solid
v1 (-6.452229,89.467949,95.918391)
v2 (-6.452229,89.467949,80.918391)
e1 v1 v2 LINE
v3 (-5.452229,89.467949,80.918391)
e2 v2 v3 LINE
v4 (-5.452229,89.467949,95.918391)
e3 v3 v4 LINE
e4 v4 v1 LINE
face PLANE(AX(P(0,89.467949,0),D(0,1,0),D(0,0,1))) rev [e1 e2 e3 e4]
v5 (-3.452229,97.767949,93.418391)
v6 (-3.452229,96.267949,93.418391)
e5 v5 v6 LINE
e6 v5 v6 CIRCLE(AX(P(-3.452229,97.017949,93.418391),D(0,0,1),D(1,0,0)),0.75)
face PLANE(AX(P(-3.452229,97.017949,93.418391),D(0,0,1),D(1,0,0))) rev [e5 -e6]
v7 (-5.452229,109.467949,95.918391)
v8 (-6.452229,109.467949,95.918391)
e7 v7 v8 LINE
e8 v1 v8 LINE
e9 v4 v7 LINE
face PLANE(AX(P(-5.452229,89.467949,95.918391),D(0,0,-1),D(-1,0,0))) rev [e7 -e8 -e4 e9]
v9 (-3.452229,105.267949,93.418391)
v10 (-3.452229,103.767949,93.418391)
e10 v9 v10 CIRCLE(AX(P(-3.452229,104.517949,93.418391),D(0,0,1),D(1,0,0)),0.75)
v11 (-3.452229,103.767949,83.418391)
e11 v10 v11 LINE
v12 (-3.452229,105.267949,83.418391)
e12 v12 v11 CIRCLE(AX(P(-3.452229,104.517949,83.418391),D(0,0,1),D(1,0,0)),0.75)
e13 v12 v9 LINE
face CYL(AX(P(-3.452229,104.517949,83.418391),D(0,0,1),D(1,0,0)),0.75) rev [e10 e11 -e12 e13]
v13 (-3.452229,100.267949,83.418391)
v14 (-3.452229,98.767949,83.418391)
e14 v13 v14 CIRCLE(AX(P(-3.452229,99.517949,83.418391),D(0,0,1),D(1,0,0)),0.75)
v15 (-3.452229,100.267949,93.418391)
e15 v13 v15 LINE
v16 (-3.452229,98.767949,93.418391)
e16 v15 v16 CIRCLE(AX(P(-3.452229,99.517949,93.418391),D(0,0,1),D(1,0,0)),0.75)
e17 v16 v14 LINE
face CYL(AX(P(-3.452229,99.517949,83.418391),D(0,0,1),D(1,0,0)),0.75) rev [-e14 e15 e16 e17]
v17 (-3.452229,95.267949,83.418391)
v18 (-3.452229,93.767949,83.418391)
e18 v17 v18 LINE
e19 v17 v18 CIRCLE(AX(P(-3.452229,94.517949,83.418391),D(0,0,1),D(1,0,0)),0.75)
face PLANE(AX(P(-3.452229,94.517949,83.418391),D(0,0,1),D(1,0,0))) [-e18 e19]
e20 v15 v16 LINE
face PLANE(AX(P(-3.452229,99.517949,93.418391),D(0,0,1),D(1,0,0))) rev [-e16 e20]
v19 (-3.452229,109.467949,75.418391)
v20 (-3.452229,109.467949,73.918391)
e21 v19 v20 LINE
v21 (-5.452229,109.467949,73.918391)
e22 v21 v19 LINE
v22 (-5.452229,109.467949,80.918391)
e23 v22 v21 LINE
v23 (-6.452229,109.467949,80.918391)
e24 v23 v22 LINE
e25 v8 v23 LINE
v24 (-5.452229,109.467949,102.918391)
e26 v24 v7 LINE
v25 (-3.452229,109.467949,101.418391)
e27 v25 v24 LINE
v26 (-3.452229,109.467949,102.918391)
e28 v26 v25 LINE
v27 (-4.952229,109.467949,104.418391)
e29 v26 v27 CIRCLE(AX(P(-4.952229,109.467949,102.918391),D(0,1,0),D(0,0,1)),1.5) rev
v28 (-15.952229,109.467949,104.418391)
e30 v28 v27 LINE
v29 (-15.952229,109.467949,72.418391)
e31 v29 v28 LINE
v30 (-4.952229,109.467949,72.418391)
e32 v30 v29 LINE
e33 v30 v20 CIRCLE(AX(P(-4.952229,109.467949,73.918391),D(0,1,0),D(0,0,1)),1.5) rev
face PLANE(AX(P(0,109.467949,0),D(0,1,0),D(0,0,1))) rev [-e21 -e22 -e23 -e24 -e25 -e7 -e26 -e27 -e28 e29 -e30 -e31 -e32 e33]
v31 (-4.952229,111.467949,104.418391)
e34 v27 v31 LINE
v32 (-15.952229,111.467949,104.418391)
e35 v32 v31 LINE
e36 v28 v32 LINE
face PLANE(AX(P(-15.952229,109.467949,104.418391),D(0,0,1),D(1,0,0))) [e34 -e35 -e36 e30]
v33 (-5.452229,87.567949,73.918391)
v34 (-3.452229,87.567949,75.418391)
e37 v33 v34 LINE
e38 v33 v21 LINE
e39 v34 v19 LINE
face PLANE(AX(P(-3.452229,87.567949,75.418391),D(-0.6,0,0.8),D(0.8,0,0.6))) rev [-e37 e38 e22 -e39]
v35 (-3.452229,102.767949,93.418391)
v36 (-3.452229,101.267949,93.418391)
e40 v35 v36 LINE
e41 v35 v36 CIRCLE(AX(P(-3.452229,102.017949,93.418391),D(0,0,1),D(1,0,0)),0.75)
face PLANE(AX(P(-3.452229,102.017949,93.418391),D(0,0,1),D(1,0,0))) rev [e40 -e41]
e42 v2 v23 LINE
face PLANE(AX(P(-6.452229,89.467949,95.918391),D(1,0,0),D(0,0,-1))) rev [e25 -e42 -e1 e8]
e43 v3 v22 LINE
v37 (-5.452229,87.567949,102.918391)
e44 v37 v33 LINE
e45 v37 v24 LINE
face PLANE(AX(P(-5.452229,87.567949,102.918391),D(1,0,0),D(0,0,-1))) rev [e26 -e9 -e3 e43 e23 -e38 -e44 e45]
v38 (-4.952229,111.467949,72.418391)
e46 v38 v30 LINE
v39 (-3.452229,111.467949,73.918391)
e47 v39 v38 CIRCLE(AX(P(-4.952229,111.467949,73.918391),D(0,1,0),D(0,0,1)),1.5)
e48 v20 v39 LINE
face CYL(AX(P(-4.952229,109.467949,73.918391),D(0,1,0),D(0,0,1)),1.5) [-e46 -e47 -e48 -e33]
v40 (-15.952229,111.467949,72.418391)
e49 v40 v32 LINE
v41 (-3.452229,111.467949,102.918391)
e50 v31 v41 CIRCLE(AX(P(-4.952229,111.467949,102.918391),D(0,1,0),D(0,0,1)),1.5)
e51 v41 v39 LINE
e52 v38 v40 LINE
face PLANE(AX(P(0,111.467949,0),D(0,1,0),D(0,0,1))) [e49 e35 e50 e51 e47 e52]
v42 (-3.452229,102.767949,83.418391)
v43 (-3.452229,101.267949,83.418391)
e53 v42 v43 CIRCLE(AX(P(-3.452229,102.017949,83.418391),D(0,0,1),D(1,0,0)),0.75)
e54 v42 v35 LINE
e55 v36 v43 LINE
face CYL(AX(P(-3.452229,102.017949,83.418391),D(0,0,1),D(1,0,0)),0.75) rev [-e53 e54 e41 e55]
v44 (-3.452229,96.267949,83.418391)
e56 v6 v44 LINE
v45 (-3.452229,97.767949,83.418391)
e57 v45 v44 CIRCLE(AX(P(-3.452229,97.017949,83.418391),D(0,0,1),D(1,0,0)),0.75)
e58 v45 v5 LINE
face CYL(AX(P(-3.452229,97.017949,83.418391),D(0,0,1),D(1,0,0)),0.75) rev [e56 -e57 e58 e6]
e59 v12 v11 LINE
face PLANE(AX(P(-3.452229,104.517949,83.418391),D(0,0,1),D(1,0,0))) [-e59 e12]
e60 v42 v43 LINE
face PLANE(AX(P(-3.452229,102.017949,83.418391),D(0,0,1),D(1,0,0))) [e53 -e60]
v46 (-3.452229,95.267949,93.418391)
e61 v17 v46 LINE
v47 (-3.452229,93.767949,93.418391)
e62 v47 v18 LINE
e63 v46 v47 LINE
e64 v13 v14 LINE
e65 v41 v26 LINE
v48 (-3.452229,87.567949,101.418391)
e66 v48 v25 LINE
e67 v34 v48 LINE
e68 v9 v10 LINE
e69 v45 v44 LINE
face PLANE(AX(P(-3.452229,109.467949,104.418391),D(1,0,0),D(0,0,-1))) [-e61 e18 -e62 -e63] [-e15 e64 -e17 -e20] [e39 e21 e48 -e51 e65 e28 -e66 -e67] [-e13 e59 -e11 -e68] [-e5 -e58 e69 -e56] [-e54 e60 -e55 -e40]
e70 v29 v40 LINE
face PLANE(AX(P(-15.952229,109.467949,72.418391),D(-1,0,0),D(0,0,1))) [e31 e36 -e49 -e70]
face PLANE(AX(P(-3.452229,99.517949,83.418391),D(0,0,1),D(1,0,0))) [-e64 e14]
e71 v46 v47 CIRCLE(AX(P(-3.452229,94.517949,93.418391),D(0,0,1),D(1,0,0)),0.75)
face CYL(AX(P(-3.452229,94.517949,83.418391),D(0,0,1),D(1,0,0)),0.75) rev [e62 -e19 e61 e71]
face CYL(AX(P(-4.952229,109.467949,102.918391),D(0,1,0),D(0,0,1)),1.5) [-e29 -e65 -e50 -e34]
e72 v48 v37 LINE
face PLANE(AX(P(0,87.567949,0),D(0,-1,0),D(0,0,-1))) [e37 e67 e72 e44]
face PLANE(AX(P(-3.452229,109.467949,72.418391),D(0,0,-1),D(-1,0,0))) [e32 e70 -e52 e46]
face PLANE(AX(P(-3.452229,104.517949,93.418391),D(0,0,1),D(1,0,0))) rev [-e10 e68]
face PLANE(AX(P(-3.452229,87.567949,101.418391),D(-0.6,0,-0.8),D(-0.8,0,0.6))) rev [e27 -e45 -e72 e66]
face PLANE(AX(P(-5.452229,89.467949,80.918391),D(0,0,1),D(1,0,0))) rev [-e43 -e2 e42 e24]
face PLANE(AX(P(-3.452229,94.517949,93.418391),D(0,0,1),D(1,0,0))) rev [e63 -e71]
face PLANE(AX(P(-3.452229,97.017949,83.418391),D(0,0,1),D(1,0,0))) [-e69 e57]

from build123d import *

# Parameters (mm, degrees)
CROQUIS1_W              = 12.5
CROQUIS1_H              = 32
SALIENTE_EXTRUIR1_DEPTH = 2
SALIENTE_EXTRUIR2_DEPTH = 21.9
CROQUIS5_W              = 1
CROQUIS5_H              = 15
SALIENTE_EXTRUIR4_DEPTH = 20
CROQUIS4_R              = 0.75
CORTAR_EXTRUIR1_DEPTH   = 5
REDONDEO1_R             = 1.5


with BuildPart() as part:
    # Croquis1 → Saliente-Extruir1 (new body)
    with BuildSketch(Plane(origin=(0, 111.467949425, 0), x_dir=(1, 0, 0), z_dir=(0, 1, 0))):
        with Locations((-9.702229413, -88.418391236)):
            Rectangle(CROQUIS1_W, CROQUIS1_H)
    extrude(amount=-SALIENTE_EXTRUIR1_DEPTH)

    # Croquis2 → Saliente-Extruir2 (add)
    with BuildSketch(Plane.XZ.offset(-109.467949425)):
        Polygon((-3.452229413, 101.418391236), (-5.452229413, 102.918391236), (-5.452229413, 73.918391236), (-3.452229413, 75.418391236), align=None)
    extrude(amount=SALIENTE_EXTRUIR2_DEPTH)

    # Croquis5 → Saliente-Extruir4 (add)
    with BuildSketch(Plane.XZ.offset(-109.467949425)):
        with Locations((-5.952229413, 88.418391236)):
            Rectangle(CROQUIS5_W, CROQUIS5_H)
    extrude(amount=SALIENTE_EXTRUIR4_DEPTH)

    # Croquis4 → Cortar-Extruir1 (cut, symmetric)
    with BuildSketch(Plane(origin=(0, 0, 88.418391236), x_dir=(0, -1, 0), z_dir=(0, 0, 1))):
        with Locations((-104.517949425, -3.452229413)):
            Circle(CROQUIS4_R)
        with Locations((-102.017949425, -3.452229413)):
            Circle(CROQUIS4_R)
        with Locations((-99.517949425, -3.452229413)):
            Circle(CROQUIS4_R)
        with Locations((-97.017949425, -3.452229413)):
            Circle(CROQUIS4_R)
        with Locations((-94.517949425, -3.452229413)):
            Circle(CROQUIS4_R)
    extrude(amount=CORTAR_EXTRUIR1_DEPTH, both=True, mode=Mode.SUBTRACT)

    # Redondeo1
    redondeo1_edges = [part.edges().sort_by_distance(p)[0] for p in [
        (-3.452229413, 110.467949425, 72.418391236),
        (-3.452229413, 110.467949425, 104.418391236),
    ]]
    fillet(redondeo1_edges, radius=REDONDEO1_R)


solid = part.part
